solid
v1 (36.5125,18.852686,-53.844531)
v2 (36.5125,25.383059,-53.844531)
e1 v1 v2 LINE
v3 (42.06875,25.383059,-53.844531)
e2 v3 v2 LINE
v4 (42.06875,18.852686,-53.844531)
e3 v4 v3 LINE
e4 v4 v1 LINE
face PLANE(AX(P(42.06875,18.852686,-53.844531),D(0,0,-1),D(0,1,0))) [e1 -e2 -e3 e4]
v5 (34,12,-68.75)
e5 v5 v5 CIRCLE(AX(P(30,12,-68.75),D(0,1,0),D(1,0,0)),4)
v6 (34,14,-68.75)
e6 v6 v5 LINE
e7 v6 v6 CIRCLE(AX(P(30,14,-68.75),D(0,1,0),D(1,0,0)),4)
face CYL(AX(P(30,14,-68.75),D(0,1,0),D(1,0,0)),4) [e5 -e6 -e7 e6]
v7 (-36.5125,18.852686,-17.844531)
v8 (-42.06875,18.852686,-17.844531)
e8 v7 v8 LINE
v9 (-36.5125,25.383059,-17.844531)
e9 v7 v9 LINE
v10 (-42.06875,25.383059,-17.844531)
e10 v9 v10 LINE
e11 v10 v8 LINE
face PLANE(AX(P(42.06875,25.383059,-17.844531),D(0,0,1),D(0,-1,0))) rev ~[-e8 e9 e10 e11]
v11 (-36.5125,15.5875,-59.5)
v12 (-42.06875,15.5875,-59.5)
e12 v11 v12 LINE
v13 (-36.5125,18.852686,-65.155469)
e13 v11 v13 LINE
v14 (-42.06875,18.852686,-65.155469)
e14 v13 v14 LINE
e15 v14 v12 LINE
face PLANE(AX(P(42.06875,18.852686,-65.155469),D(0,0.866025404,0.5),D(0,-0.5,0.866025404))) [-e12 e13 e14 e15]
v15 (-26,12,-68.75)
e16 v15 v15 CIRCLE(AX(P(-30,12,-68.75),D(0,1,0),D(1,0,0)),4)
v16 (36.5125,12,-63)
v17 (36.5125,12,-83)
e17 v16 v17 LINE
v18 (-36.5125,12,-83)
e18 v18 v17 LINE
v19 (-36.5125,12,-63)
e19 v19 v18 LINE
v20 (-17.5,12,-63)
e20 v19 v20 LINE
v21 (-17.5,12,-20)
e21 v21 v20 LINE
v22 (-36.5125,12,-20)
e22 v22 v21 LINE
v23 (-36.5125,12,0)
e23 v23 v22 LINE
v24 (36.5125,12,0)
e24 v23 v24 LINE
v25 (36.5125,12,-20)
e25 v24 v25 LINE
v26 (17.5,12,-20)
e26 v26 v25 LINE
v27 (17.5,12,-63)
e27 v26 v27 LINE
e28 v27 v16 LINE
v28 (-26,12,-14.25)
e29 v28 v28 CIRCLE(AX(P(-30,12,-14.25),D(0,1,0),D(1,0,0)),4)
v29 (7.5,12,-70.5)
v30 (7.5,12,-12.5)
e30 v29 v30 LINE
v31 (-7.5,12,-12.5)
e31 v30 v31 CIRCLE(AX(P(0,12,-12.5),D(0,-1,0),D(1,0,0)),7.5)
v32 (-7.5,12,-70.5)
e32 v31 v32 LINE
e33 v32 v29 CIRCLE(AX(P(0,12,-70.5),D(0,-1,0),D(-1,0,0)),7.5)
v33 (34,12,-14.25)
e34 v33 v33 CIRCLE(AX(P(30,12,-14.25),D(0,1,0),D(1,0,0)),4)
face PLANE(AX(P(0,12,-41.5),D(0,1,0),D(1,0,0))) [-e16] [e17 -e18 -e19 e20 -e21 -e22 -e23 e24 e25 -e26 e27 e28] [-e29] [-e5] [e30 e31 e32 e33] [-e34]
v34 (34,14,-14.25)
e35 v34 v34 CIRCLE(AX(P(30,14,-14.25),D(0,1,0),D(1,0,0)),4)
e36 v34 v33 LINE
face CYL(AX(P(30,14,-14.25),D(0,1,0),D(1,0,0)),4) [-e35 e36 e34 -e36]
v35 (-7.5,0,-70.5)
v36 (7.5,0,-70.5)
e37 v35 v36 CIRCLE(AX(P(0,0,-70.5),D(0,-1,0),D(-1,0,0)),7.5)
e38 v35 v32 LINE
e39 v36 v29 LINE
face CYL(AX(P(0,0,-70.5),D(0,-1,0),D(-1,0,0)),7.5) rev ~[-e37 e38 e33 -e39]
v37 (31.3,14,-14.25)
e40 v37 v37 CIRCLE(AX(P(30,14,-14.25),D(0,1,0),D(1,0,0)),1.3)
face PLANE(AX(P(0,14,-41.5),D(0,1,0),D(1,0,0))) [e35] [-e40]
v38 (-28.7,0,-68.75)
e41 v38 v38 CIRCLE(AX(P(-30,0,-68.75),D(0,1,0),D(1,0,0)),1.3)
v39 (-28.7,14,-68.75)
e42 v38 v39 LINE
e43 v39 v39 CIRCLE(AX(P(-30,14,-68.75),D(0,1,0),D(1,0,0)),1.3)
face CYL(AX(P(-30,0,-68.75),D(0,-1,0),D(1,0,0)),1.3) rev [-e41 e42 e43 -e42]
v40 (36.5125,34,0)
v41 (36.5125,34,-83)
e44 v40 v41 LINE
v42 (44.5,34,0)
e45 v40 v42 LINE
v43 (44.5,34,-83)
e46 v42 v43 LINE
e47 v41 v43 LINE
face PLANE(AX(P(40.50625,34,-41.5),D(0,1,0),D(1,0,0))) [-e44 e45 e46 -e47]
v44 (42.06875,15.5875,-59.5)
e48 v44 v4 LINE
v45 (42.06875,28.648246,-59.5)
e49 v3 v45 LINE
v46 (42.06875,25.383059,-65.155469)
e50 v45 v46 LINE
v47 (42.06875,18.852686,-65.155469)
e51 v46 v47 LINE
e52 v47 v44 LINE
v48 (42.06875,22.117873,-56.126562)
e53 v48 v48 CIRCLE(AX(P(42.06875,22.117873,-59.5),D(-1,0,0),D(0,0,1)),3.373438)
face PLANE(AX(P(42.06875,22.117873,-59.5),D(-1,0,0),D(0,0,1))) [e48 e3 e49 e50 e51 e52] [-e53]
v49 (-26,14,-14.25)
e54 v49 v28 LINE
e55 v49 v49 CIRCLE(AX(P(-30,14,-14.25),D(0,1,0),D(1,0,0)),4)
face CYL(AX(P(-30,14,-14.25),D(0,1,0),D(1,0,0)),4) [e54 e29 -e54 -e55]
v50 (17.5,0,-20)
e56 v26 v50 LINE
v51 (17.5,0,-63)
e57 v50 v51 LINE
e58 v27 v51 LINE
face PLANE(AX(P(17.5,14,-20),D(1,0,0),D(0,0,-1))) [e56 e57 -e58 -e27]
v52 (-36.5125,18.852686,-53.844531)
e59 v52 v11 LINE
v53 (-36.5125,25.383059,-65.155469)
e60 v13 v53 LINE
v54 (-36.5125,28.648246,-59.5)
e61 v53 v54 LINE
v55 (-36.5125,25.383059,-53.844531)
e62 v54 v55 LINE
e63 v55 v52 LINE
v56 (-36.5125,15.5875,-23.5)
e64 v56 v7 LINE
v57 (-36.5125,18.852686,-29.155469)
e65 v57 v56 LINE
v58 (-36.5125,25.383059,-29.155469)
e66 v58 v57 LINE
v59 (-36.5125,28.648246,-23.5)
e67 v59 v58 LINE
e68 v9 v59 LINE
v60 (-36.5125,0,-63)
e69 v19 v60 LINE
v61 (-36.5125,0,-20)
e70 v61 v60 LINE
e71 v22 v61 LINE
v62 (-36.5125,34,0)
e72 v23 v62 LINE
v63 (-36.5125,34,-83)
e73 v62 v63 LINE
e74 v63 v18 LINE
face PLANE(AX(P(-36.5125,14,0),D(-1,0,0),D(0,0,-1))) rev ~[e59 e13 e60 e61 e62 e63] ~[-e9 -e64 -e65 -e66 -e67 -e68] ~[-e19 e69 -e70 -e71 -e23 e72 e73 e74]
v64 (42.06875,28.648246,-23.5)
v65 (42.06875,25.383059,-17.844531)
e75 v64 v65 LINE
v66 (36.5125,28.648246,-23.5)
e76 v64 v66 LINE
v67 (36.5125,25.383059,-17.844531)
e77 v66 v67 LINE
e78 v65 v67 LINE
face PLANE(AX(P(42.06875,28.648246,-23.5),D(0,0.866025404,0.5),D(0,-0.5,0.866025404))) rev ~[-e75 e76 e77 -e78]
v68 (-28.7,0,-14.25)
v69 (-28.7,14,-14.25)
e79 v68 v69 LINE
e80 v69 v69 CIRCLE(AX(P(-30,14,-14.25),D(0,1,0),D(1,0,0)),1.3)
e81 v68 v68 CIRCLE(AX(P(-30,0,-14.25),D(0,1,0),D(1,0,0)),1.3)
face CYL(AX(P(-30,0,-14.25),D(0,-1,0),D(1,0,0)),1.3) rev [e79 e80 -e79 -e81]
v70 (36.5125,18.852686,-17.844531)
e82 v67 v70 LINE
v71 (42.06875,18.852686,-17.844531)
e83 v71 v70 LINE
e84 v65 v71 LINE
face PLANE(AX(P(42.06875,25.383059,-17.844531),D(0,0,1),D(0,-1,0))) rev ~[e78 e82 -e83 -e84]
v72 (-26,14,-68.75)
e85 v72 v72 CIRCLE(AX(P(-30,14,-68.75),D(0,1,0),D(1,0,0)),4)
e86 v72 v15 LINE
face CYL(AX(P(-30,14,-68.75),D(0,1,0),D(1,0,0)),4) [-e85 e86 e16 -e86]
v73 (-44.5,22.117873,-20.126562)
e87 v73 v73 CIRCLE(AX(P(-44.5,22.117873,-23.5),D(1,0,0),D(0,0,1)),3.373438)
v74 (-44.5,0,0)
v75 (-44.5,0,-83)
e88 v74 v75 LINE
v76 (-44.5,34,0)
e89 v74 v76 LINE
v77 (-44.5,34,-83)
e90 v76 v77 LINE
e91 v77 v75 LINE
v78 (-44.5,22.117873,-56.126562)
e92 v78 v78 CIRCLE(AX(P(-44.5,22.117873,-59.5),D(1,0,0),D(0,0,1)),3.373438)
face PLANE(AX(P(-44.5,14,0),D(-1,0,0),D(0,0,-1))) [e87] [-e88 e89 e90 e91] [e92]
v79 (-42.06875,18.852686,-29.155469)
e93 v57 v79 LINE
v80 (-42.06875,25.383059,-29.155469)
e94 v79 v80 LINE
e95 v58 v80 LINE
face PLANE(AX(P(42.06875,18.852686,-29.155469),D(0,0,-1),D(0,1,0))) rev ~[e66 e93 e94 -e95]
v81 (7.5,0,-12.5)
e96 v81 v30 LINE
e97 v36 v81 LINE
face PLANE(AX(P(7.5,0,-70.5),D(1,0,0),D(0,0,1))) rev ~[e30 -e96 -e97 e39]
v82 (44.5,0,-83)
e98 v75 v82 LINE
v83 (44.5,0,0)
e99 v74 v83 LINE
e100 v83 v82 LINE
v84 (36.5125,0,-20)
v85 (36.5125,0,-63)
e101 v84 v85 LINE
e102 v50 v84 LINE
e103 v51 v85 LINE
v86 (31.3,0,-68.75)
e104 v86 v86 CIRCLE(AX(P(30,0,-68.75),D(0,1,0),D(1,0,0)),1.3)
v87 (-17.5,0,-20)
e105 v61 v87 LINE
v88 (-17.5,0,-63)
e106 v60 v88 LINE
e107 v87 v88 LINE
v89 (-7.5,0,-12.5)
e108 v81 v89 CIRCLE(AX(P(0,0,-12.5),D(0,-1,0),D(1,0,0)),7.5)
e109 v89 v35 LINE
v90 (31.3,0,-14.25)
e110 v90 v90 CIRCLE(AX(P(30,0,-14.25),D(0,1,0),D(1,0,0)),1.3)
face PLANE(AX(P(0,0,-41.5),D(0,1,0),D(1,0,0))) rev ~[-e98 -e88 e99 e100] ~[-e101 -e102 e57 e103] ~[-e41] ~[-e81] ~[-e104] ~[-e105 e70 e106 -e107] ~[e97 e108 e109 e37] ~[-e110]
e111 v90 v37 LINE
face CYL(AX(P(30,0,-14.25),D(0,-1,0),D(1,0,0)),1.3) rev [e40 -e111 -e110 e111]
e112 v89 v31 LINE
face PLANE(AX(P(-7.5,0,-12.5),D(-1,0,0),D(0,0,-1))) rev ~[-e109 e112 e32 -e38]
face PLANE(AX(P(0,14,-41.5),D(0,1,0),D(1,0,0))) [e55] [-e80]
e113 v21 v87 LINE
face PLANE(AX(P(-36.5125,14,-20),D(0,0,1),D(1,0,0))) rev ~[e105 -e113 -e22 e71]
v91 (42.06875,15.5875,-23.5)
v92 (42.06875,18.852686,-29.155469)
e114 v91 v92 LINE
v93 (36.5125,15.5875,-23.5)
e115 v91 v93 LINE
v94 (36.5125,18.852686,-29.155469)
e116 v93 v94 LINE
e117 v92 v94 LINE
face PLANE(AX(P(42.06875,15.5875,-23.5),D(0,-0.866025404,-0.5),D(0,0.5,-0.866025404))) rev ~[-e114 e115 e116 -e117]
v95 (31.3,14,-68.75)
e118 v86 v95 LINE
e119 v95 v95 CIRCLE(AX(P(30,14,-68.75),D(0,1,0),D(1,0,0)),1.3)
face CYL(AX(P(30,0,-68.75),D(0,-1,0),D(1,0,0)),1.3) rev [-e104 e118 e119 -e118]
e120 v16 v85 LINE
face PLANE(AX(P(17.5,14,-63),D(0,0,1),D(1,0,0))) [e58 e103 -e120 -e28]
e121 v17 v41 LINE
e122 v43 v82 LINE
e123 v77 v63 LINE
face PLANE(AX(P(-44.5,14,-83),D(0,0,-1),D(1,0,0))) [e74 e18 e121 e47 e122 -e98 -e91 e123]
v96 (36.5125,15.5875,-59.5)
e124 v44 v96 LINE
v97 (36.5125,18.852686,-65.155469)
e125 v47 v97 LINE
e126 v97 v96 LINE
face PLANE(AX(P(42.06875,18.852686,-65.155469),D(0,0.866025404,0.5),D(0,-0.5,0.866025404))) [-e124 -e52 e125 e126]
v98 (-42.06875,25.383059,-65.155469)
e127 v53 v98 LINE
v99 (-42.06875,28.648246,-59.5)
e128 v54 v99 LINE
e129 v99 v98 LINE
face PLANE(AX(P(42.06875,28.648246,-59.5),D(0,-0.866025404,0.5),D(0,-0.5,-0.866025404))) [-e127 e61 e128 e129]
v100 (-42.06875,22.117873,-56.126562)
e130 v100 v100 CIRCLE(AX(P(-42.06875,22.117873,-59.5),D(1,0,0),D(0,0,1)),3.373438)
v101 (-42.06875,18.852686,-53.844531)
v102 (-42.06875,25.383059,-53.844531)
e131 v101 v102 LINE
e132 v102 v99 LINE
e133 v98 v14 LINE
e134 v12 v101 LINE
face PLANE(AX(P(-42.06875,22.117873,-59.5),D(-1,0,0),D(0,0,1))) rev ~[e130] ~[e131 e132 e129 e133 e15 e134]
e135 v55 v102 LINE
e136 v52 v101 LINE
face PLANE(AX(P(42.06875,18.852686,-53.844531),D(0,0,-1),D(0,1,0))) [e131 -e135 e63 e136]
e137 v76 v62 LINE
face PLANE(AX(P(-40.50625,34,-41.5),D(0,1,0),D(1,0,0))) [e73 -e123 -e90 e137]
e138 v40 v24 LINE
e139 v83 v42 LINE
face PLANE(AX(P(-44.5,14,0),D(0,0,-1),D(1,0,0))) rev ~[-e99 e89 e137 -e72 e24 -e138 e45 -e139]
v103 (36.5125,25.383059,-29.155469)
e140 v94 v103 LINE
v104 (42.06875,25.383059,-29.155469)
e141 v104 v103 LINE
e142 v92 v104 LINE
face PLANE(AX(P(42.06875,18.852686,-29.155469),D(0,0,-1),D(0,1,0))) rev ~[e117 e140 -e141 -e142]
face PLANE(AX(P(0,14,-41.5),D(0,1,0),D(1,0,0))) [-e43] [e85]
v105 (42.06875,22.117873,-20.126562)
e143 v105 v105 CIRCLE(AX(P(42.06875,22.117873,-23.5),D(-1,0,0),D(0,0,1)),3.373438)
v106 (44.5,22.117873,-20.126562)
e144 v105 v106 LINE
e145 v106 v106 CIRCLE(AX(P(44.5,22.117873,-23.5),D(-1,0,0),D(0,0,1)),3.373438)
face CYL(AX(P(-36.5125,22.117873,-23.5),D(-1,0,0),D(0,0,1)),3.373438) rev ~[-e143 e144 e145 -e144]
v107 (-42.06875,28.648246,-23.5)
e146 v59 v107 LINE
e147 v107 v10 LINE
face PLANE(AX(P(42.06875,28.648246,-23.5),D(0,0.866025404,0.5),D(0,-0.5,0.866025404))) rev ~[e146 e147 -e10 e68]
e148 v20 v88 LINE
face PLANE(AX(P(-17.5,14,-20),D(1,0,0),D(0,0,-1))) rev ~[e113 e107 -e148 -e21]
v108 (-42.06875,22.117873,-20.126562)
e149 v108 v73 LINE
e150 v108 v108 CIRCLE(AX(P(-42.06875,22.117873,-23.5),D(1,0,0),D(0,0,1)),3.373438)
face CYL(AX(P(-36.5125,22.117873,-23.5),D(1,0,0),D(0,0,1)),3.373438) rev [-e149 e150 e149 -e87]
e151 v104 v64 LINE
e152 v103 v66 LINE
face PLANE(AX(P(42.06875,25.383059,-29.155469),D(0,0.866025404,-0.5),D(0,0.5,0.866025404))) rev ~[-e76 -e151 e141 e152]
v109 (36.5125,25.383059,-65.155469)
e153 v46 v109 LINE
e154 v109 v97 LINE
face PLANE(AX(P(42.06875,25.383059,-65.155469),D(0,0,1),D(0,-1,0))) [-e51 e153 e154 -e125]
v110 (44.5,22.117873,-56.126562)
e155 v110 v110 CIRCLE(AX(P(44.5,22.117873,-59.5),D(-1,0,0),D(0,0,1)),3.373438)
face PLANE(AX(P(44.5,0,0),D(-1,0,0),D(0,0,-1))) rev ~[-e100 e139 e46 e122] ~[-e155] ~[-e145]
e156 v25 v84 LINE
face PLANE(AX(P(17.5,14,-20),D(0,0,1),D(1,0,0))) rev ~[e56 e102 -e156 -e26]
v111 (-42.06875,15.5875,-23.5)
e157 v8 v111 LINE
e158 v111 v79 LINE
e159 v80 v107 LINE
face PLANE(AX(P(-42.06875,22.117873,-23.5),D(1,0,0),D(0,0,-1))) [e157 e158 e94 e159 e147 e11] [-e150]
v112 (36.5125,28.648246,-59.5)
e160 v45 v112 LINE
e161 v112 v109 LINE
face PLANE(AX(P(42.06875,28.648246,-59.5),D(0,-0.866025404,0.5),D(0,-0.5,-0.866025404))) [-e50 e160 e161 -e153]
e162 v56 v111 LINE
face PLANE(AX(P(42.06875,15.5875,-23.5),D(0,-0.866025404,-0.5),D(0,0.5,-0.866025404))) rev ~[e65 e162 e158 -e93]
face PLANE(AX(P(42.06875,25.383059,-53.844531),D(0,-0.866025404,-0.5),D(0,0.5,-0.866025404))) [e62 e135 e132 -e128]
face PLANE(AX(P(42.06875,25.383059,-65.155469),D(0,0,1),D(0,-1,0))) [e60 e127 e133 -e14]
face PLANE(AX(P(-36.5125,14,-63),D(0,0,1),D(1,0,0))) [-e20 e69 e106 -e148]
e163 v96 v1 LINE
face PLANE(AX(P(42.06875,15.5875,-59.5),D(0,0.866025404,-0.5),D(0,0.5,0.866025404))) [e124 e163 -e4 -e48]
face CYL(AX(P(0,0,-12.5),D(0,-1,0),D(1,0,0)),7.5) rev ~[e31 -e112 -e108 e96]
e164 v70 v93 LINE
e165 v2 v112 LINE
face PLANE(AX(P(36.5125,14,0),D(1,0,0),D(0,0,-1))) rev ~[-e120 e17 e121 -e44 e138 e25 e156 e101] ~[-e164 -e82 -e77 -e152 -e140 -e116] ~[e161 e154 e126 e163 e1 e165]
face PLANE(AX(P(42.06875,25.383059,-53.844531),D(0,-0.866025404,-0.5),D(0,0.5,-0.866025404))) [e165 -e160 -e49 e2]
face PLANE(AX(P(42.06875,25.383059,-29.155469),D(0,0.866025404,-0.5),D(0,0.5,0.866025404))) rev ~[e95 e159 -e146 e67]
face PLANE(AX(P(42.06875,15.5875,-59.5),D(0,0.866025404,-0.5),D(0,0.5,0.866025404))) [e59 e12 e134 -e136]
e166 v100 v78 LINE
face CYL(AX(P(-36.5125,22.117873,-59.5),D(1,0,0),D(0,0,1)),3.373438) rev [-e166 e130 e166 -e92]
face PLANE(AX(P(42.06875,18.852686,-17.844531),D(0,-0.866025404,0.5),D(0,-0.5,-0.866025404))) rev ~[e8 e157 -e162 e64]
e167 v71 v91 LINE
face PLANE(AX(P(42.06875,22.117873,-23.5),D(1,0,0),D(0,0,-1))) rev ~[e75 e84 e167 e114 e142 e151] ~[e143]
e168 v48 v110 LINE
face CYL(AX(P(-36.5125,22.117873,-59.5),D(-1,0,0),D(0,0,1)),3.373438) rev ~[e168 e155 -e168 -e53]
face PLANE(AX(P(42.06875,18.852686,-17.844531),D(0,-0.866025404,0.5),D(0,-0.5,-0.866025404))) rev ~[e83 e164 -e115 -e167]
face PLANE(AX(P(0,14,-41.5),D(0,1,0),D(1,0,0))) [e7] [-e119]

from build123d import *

# Parameters (mm, degrees)
SKETCH1_W                     = 89
SKETCH1_H                     = 83
SKETCH1_R                     = 1.3
MAIN_BODY_DEPTH               = 14
SKETCH2_W                     = 73.025
SKETCH2_H                     = 83
SKETCH2_R                     = 4
SCREW_RISER_DEPTH             = 2
SKETCH4_W                     = 7.9875
SKETCH4_H                     = 83
TOPPER_SUPPORT_DEPTH          = 20
MOUNT_START                   = -86.56875
MOUNT_NUTS_DEPTH              = 84.1375
SKETCH5_R                     = 3.3734375
F_9_32_MOUNT_HOLES_DEPTH      = 8.9875
F_9_32_MOUNT_HOLES_DEPTH_BACK = 82.0125
SKETCH8_W                     = 19.0125
SKETCH8_H                     = 43
MIDDLE_CUT_DEPTH              = 14


with BuildPart() as part:
    # Sketch1 → Main Body (new body)
    with BuildSketch(Plane(origin=(0, 0, 0), x_dir=(1, 0, 0), z_dir=(0, 1, 0))):
        with Locations((0, 41.5)):
            Rectangle(SKETCH1_W, SKETCH1_H)
        with Locations((-30, 14.25)):
            Circle(SKETCH1_R, mode=Mode.SUBTRACT)
        with Locations((30, 14.25)):
            Circle(SKETCH1_R, mode=Mode.SUBTRACT)
        with BuildLine():
            Line((-7.5, 12.5), (-7.5, 70.5))
            ThreePointArc((-7.5, 70.5), (0, 78), (7.5, 70.5))
            Line((7.5, 70.5), (7.5, 12.5))
            ThreePointArc((7.5, 12.5), (0, 5), (-7.5, 12.5))
        make_face(mode=Mode.SUBTRACT)
        with Locations((-30, 68.75)):
            Circle(SKETCH1_R, mode=Mode.SUBTRACT)
        with Locations((30, 68.75)):
            Circle(SKETCH1_R, mode=Mode.SUBTRACT)
    extrude(amount=MAIN_BODY_DEPTH)

    # Sketch2 → Screw Riser (cut)
    with BuildSketch(Plane(origin=(0, 14, 0), x_dir=(1, 0, 0), z_dir=(0, 1, 0))):
        with Locations((0, 41.5)):
            Rectangle(SKETCH2_W, SKETCH2_H)
        with Locations((-30, 14.25)):
            Circle(SKETCH2_R, mode=Mode.SUBTRACT)
        with Locations((30, 14.25)):
            Circle(SKETCH2_R, mode=Mode.SUBTRACT)
        with Locations((-30, 68.75)):
            Circle(SKETCH2_R, mode=Mode.SUBTRACT)
        with Locations((30, 68.75)):
            Circle(SKETCH2_R, mode=Mode.SUBTRACT)
    extrude(amount=-SCREW_RISER_DEPTH, mode=Mode.SUBTRACT)

    # Sketch4 → Topper Support (add)
    with BuildSketch(Plane(origin=(0, 14, 0), x_dir=(1, 0, 0), z_dir=(0, 1, 0))):
        with Locations((-40.50625, 41.5)):
            Rectangle(SKETCH4_W, SKETCH4_H)
        with Locations((40.50625, 41.5)):
            Rectangle(SKETCH4_W, SKETCH4_H)
    extrude(amount=TOPPER_SUPPORT_DEPTH)

    # Sketch6 → Mount Nuts (cut)
    with BuildSketch(Plane.ZY.offset(44.5).offset(MOUNT_START)):
        Polygon((-59.5, 15.5875), (-53.84453125, 18.852686405), (-53.84453125, 25.383059216), (-59.5, 28.648245621), (-65.15546875, 25.383059216), (-65.15546875, 18.852686405), align=None)
        Polygon((-17.84453125, 18.852686405), (-23.5, 15.5875), (-29.15546875, 18.852686405), (-29.15546875, 25.383059216), (-23.5, 28.648245621), (-17.84453125, 25.383059216), align=None)
    extrude(amount=MOUNT_NUTS_DEPTH, mode=Mode.SUBTRACT)

    # Sketch5 → 9_32 Mount Holes (cut, two sides)
    with BuildSketch(Plane.ZY.offset(36.5125)) as f_9_32_mount_holes_sk:
        with Locations((-59.5, 22.11787281)):
            Circle(SKETCH5_R)
        with Locations((-23.5, 22.11787281)):
            Circle(SKETCH5_R)
    extrude(amount=F_9_32_MOUNT_HOLES_DEPTH, mode=Mode.SUBTRACT)
    extrude(f_9_32_mount_holes_sk.sketch, amount=-F_9_32_MOUNT_HOLES_DEPTH_BACK, mode=Mode.SUBTRACT)

    # Sketch8 → Middle Cut (cut)
    with BuildSketch(Plane(origin=(0, 14, 0), x_dir=(1, 0, 0), z_dir=(0, 1, 0))):
        with Locations((-27.00625, 41.5)):
            Rectangle(SKETCH8_W, SKETCH8_H)
        with Locations((27.00625, 41.5)):
            Rectangle(SKETCH8_W, SKETCH8_H)
    extrude(amount=-MIDDLE_CUT_DEPTH, mode=Mode.SUBTRACT)


solid = part.part
